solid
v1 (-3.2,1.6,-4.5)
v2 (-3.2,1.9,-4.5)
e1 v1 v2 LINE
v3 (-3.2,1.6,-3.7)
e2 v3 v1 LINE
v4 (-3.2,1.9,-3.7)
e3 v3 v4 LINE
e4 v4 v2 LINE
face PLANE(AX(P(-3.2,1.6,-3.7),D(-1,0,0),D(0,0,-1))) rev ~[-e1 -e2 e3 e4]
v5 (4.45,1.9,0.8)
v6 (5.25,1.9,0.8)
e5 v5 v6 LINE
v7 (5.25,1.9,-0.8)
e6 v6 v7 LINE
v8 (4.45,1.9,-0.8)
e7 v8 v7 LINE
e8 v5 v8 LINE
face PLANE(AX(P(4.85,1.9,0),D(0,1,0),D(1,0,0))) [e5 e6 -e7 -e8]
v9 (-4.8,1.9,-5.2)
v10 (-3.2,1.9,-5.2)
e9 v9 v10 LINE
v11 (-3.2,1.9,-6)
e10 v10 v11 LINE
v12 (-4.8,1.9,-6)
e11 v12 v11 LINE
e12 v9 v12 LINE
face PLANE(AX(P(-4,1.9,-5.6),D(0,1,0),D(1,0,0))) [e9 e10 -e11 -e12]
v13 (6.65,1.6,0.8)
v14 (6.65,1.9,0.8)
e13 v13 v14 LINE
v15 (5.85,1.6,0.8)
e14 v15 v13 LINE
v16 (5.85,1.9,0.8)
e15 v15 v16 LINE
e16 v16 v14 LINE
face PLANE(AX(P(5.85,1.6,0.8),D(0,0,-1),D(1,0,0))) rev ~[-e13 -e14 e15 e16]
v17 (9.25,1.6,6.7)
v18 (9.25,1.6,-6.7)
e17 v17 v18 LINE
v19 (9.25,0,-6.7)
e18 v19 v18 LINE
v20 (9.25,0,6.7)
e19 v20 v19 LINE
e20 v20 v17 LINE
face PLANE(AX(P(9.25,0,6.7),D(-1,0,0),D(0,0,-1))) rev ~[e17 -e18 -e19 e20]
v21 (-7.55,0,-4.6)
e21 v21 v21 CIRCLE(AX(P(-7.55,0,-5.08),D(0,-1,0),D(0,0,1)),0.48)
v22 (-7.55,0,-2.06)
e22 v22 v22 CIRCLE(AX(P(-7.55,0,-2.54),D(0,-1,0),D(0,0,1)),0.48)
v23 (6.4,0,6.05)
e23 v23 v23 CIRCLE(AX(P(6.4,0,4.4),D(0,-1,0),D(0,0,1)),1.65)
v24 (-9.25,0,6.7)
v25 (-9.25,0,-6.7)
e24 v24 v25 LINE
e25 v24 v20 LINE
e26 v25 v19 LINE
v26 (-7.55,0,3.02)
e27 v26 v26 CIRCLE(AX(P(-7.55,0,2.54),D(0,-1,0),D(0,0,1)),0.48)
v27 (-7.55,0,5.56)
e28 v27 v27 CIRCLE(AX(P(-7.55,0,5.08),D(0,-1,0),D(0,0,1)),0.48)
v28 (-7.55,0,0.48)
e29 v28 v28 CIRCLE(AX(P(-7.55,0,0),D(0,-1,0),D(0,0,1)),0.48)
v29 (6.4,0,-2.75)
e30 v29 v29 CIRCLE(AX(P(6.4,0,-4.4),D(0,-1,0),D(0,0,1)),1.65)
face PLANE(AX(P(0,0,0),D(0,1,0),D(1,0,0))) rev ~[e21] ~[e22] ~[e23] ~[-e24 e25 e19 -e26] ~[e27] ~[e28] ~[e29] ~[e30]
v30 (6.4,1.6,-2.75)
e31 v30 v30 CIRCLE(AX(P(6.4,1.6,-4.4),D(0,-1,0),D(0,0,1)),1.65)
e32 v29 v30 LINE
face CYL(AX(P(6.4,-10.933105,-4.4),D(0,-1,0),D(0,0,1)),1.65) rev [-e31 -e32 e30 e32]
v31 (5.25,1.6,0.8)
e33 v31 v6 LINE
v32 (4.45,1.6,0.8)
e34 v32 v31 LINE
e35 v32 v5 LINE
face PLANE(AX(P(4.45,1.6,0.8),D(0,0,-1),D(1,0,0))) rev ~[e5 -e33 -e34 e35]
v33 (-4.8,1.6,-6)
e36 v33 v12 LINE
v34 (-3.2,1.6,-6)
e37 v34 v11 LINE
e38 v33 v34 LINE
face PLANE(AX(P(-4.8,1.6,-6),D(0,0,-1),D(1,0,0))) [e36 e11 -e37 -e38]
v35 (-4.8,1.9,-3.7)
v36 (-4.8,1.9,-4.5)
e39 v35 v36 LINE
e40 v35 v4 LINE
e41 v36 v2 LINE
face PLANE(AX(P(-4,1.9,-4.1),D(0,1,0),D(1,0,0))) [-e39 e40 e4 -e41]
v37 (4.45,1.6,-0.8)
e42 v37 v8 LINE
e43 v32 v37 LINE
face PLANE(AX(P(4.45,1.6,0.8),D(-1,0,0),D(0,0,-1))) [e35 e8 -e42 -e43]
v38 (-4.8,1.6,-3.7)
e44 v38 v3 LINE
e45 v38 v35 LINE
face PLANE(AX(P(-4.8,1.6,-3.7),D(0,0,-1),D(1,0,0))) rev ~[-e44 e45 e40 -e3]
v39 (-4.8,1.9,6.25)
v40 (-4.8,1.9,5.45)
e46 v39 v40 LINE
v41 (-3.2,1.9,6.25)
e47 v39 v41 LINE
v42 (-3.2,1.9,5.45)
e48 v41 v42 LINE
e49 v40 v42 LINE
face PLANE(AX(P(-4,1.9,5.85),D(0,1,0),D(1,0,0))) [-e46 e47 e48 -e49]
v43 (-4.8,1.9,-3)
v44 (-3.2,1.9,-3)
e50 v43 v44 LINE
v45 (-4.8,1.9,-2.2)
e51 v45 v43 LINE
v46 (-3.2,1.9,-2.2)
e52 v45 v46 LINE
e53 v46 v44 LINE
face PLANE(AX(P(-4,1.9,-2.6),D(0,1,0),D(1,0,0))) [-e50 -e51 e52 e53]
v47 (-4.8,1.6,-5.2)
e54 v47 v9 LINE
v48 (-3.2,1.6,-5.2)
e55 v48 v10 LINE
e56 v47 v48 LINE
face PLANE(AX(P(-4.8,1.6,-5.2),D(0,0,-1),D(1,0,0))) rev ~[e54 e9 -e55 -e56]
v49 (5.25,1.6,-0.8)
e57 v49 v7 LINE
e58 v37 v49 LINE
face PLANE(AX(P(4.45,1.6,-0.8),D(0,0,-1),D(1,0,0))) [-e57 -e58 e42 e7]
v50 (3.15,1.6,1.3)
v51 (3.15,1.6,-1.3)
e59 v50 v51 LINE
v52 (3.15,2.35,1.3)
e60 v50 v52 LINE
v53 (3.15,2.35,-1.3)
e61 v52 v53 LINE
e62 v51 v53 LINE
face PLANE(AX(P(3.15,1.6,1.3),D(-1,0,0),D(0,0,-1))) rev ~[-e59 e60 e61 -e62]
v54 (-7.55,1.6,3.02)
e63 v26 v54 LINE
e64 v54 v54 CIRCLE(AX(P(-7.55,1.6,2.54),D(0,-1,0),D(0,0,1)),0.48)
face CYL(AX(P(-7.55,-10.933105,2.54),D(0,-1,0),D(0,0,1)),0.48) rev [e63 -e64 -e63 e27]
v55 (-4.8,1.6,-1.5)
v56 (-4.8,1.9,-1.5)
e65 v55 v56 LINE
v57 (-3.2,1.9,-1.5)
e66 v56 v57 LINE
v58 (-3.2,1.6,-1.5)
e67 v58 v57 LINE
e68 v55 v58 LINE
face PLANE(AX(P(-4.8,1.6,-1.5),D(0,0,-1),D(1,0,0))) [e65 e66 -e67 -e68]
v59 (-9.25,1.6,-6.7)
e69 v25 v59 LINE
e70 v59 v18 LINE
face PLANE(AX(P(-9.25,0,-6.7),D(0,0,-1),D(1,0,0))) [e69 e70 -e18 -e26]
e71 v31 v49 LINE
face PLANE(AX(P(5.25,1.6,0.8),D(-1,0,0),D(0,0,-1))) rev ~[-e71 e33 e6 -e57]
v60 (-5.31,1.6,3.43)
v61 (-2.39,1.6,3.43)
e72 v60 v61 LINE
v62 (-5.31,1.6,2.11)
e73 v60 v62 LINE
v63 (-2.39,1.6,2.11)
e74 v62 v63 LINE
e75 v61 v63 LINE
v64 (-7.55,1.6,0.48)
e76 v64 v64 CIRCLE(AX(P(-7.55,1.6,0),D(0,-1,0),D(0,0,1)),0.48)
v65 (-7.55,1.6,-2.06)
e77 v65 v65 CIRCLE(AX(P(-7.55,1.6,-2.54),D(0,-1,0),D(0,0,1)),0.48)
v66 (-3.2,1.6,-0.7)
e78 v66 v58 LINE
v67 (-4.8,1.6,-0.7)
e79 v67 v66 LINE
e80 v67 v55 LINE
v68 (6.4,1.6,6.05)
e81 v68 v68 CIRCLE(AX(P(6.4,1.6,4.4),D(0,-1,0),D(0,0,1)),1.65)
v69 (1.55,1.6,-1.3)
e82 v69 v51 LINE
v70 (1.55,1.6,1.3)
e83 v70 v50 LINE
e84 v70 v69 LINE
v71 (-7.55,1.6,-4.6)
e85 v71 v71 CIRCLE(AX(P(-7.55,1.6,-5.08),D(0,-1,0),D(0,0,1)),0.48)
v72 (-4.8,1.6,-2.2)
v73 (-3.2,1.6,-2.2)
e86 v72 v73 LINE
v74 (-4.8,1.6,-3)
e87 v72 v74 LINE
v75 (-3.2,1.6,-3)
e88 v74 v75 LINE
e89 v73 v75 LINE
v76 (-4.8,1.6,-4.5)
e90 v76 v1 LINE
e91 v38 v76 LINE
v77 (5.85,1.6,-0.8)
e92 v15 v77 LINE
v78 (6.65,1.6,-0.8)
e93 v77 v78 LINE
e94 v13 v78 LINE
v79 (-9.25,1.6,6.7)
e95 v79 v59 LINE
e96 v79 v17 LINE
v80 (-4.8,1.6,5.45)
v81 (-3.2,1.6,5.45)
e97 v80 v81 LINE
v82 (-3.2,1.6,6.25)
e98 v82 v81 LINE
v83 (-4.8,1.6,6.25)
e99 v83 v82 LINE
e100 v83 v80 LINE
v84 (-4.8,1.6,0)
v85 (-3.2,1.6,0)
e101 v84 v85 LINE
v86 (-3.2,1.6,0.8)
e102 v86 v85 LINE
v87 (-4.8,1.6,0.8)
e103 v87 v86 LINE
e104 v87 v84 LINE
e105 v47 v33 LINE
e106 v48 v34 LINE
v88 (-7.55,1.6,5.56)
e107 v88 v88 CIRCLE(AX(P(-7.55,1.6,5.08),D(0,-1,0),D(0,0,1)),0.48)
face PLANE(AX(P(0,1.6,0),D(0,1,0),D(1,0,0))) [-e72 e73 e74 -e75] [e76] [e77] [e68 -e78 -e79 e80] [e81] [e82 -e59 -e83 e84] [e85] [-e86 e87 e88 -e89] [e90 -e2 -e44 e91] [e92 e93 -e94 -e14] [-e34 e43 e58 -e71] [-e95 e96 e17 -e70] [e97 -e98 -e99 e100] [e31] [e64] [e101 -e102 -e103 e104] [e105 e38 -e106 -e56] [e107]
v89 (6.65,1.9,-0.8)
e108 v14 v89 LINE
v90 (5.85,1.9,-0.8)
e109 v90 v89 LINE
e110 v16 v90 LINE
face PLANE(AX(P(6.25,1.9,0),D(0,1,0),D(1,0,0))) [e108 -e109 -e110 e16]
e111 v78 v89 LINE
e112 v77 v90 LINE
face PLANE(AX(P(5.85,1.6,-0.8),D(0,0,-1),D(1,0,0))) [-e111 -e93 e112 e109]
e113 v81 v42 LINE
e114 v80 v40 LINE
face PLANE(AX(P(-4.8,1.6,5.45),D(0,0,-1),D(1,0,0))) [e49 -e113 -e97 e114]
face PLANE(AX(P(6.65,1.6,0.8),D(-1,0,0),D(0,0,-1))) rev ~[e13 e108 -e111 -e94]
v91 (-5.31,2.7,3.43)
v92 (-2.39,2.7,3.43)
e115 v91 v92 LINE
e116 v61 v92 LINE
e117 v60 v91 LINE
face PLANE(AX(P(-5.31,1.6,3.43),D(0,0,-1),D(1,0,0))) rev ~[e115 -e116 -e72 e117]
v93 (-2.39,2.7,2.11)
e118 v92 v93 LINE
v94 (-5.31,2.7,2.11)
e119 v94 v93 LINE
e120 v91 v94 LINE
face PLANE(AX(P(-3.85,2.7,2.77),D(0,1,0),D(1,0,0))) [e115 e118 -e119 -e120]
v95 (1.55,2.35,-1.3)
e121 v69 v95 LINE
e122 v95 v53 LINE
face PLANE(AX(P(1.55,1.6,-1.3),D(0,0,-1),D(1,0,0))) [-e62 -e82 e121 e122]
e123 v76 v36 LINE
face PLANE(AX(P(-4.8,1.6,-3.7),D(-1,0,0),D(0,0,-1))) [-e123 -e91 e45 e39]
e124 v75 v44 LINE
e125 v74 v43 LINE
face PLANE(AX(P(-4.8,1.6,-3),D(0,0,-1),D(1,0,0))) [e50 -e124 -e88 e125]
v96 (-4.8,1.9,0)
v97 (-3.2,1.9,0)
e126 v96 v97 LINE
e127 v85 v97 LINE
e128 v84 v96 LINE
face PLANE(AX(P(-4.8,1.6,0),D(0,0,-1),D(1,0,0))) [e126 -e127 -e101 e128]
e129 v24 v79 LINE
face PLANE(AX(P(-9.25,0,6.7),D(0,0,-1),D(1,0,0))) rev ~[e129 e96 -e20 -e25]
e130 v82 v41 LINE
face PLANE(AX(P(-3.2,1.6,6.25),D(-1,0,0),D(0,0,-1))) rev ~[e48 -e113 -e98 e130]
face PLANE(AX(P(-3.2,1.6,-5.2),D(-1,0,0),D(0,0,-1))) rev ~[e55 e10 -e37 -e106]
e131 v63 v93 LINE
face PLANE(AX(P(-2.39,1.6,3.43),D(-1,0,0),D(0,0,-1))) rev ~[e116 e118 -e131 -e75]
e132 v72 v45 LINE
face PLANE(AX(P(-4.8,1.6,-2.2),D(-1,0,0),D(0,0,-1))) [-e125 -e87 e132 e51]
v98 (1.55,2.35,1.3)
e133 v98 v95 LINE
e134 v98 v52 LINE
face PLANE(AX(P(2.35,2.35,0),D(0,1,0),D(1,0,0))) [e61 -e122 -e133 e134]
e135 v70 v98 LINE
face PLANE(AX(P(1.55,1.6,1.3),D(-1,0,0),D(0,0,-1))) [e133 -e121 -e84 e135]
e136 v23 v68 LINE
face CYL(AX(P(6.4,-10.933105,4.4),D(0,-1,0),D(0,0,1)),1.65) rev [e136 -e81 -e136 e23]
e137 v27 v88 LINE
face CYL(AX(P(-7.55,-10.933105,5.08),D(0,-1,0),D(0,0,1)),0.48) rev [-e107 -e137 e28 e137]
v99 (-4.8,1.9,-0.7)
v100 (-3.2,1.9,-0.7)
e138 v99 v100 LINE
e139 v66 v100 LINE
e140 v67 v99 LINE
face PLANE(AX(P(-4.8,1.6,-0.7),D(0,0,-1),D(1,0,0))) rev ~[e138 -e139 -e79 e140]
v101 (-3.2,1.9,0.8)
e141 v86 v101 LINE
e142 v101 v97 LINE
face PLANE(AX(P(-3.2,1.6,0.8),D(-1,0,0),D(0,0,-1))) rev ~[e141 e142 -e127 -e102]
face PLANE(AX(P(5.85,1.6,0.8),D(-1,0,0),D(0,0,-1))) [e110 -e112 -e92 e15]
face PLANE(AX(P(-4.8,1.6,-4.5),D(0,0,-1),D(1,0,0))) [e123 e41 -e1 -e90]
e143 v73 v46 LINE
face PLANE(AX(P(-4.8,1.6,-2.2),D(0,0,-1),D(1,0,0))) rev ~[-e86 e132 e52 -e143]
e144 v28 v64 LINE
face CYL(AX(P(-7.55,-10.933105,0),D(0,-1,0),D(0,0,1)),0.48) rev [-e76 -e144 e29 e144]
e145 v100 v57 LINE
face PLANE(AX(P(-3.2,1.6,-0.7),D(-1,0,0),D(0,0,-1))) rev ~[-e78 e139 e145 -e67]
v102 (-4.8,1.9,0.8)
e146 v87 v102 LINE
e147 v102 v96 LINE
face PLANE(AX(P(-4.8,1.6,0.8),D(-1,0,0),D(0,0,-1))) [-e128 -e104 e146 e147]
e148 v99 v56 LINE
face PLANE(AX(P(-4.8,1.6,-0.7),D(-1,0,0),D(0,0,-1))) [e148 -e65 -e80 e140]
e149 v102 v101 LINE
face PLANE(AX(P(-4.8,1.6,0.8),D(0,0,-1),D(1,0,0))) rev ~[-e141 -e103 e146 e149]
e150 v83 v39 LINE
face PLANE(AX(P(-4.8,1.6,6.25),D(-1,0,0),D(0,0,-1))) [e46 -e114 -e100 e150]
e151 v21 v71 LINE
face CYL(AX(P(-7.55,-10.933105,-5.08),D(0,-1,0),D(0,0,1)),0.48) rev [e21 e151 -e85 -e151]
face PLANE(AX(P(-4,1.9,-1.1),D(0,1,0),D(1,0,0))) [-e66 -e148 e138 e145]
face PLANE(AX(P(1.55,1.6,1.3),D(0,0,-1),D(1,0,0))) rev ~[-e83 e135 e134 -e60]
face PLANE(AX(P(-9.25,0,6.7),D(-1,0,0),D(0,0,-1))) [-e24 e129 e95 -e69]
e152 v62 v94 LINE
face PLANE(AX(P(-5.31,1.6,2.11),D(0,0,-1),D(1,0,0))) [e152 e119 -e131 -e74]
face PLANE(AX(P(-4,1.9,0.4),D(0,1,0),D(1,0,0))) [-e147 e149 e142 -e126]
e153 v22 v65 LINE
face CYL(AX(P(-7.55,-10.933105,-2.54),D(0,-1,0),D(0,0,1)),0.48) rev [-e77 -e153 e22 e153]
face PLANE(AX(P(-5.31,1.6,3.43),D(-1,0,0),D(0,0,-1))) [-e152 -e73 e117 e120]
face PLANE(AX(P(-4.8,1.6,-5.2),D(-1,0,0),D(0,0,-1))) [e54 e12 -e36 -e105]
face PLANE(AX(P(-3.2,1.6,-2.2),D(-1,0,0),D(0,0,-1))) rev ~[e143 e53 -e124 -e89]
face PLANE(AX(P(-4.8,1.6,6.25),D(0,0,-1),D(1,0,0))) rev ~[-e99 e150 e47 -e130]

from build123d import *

# Parameters (mm, degrees)
SKETCH2_W               = 18.5
SKETCH2_H               = 13.4
BOSS_EXTRUDE1_DEPTH     = 1.6
CUT_EXTRUDE1_DEPTH      = 12.533104526
CUT_EXTRUDE1_DEPTH_BACK = 12.533104526
SKETCH3_R               = 0.48
SKETCH3_R_2             = 1.65
SKETCH6_W               = 1.6
SKETCH6_H               = 0.8
SKETCH6_W_2             = 0.8
SKETCH6_H_2             = 1.6
BOSS_EXTRUDE2_DEPTH     = 0.3
SKETCH7_W               = 2.92
SKETCH7_H               = 1.32
BOSS_EXTRUDE3_DEPTH     = 1.1
SKETCH8_W               = 1.6
SKETCH8_H               = 2.6
BOSS_EXTRUDE4_DEPTH     = 0.75


with BuildPart() as part:
    # Sketch2 → Boss-Extrude1 (new body)
    with BuildSketch(Plane(origin=(0, 0, 0), x_dir=(1, 0, 0), z_dir=(0, 1, 0))):
        Rectangle(SKETCH2_W, SKETCH2_H)
    extrude(amount=BOSS_EXTRUDE1_DEPTH)

    # Sketch3 → Cut-Extrude1 (cut, two sides: drawn at the far end of the back side and taken through both)
    with BuildSketch(Plane(origin=(0, 1.6, 0), x_dir=(1, 0, 0), z_dir=(0, 1, 0)).offset(-CUT_EXTRUDE1_DEPTH_BACK)):
        with Locations(Location((-7.55, 5.08, 0), (0, 0, 270))):
            Circle(SKETCH3_R)
        with Locations(Location((-7.55, 2.54, 0), (0, 0, 270))):
            Circle(SKETCH3_R)
        with Locations(Location((-7.55, 0, 0), (0, 0, 270))):
            Circle(SKETCH3_R)
        with Locations(Location((-7.55, -2.54, 0), (0, 0, 270))):
            Circle(SKETCH3_R)
        with Locations(Location((-7.55, -5.08, 0), (0, 0, 270))):
            Circle(SKETCH3_R)
        with Locations(Location((6.4, 4.4, 0), (0, 0, 270))):
            Circle(SKETCH3_R_2)
        with Locations(Location((6.4, -4.4, 0), (0, 0, 270))):
            Circle(SKETCH3_R_2)
    extrude(amount=CUT_EXTRUDE1_DEPTH + CUT_EXTRUDE1_DEPTH_BACK, mode=Mode.SUBTRACT)

    # Sketch6 → Boss-Extrude2 (add)
    with BuildSketch(Plane(origin=(0, 1.6, 0), x_dir=(1, 0, 0), z_dir=(0, 1, 0))):
        with Locations((-4, 5.6)):
            Rectangle(SKETCH6_W, SKETCH6_H)
        with Locations((-4, 4.1)):
            Rectangle(SKETCH6_W, SKETCH6_H)
        with Locations((-4, 2.6)):
            Rectangle(SKETCH6_W, SKETCH6_H)
        with Locations((-4, 1.1)):
            Rectangle(SKETCH6_W, SKETCH6_H)
        with Locations((-4, -0.4)):
            Rectangle(SKETCH6_W, SKETCH6_H)
        with Locations((-4, -5.85)):
            Rectangle(SKETCH6_W, SKETCH6_H)
        with Locations((6.25, 0)):
            Rectangle(SKETCH6_W_2, SKETCH6_H_2)
        with Locations((4.85, 0)):
            Rectangle(SKETCH6_W_2, SKETCH6_H_2)
    extrude(amount=BOSS_EXTRUDE2_DEPTH)

    # Sketch7 → Boss-Extrude3 (add)
    with BuildSketch(Plane(origin=(0, 1.6, 0), x_dir=(1, 0, 0), z_dir=(0, 1, 0))):
        with Locations((-3.85, -2.77)):
            Rectangle(SKETCH7_W, SKETCH7_H)
    extrude(amount=BOSS_EXTRUDE3_DEPTH)

    # Sketch8 → Boss-Extrude4 (add)
    with BuildSketch(Plane(origin=(0, 1.6, 0), x_dir=(1, 0, 0), z_dir=(0, 1, 0))):
        with Locations((2.35, 0)):
            Rectangle(SKETCH8_W, SKETCH8_H)
    extrude(amount=BOSS_EXTRUDE4_DEPTH)


solid = part.part
